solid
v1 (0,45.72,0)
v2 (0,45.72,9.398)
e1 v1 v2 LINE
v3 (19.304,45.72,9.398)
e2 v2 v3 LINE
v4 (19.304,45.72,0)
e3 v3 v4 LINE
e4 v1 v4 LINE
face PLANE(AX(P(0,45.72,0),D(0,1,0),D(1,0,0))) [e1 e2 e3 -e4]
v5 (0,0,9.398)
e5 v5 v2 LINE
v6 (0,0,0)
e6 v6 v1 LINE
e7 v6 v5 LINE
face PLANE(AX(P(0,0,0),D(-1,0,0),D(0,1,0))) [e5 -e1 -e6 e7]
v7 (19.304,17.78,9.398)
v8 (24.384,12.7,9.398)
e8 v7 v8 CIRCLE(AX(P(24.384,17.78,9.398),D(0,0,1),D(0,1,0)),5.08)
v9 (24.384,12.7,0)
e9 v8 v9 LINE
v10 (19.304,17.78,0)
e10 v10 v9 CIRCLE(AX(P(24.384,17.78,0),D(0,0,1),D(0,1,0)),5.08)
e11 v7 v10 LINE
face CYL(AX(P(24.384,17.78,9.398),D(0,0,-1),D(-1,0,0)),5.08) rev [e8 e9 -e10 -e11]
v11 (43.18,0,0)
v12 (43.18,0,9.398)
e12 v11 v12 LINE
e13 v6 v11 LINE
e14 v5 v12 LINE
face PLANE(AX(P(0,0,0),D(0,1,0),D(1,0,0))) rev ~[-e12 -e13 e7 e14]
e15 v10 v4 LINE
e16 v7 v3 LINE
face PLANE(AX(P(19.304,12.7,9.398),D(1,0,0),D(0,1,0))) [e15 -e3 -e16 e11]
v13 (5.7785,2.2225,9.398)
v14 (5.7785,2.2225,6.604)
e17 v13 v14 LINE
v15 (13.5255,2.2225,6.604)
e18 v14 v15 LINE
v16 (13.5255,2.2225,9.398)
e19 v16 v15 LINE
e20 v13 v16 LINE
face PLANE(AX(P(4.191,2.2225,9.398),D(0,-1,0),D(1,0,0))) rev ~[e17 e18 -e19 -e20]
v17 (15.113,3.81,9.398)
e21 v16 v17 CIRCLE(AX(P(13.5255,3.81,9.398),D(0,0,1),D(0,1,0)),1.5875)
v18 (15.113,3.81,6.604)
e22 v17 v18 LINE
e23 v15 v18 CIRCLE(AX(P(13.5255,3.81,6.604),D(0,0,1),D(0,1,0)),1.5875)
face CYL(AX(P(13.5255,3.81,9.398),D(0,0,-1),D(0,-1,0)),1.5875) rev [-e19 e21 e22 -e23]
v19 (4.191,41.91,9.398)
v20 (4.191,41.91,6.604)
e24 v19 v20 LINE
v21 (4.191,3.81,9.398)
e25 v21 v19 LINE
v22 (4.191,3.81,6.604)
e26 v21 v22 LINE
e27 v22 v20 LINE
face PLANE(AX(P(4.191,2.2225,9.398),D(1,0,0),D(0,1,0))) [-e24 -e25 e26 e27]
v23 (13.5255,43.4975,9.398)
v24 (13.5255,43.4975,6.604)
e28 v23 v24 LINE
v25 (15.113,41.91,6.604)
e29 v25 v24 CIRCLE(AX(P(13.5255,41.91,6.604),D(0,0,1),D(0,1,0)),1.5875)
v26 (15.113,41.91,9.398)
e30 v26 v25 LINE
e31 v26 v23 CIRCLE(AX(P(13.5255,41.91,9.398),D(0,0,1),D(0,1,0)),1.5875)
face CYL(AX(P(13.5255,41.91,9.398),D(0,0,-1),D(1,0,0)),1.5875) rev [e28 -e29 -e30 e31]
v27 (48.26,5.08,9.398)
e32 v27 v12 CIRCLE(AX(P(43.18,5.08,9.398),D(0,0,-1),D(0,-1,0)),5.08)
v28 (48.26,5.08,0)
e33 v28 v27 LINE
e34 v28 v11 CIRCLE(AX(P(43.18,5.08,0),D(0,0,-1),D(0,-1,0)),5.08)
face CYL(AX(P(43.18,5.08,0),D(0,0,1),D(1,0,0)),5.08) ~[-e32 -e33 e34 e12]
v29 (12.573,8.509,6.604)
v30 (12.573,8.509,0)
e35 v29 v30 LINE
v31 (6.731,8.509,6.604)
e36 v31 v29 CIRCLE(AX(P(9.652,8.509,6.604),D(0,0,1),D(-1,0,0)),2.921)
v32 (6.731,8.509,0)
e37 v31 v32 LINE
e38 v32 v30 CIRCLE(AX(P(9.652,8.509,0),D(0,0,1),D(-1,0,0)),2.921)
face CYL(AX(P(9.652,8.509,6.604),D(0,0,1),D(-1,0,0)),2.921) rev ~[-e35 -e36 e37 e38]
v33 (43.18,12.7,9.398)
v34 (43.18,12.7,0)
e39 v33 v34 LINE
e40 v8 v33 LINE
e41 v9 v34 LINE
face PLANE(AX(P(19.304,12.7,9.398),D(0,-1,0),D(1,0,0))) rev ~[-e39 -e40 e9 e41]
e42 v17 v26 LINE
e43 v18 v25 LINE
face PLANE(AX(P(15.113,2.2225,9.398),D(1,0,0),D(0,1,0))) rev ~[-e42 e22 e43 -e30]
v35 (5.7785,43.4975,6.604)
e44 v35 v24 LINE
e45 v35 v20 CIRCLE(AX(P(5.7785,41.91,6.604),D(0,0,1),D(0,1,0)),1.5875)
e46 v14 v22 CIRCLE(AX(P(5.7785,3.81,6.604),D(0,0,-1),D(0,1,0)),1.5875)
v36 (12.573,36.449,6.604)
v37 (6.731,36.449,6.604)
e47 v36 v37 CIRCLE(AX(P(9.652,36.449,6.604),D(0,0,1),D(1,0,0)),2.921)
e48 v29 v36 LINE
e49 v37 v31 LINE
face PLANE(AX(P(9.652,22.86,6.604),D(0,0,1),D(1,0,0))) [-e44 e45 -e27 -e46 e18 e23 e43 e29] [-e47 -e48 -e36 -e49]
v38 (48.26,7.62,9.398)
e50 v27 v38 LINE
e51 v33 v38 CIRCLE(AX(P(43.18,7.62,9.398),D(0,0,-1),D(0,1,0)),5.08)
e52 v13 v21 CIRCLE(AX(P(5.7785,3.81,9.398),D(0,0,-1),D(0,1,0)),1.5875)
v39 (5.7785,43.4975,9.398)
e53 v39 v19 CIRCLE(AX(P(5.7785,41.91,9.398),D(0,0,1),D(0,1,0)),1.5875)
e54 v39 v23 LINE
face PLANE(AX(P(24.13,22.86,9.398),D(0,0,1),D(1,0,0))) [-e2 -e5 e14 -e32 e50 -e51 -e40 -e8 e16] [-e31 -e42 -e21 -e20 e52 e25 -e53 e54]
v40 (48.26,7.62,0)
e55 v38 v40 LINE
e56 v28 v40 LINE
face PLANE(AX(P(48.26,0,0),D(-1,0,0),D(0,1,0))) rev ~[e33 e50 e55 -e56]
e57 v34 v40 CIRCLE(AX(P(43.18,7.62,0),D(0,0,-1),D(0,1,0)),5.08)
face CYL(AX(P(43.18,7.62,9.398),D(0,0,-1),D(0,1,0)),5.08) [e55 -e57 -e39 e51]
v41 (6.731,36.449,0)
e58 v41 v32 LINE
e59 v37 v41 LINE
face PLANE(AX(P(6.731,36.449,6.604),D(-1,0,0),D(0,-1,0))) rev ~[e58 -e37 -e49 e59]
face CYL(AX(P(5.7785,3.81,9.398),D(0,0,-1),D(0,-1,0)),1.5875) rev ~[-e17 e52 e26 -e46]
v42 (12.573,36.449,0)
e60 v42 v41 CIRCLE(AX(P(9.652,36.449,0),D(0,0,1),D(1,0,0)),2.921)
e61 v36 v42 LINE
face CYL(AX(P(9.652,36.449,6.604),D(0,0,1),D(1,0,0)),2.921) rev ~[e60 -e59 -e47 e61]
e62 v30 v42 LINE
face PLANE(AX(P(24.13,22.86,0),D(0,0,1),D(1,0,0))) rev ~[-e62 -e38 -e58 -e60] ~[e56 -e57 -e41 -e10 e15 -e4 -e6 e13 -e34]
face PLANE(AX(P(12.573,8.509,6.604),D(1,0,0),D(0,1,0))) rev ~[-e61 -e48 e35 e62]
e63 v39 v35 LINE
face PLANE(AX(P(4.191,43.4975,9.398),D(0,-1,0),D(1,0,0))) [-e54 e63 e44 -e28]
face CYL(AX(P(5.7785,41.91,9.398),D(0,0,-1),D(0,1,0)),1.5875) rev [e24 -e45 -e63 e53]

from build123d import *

# Parameters (mm, degrees)
F0_W     = 48.26
F0_H     = 45.72
F1_DEPTH = 9.398
F2_W     = 28.956
F2_H     = 33.02
F3_DEPTH = 25.4
F4_W     = 10.922
F4_H     = 41.275
F5_DEPTH = 2.794
F7_DEPTH = 6.605
F8_R     = 5.08
F9_R     = 1.5875
F10_R    = 5.08


with BuildPart() as f1:
    # F0 (on Top) → F1 (new body)
    with BuildSketch(Plane.XY):
        with Locations((24.13, 22.86)):
            Rectangle(F0_W, F0_H)
    extrude(amount=F1_DEPTH)

    # F2 (on face) → F3 (cut)
    with BuildSketch(Plane.XY.offset(9.398)):
        with Locations((33.782, 29.21)):
            Rectangle(F2_W, F2_H)
    extrude(amount=-F3_DEPTH, mode=Mode.SUBTRACT)

    # F4 (on face) → F5 (cut)
    with BuildSketch(Plane.XY.offset(9.398)):
        with Locations((9.652, 22.86)):
            Rectangle(F4_W, F4_H)
    extrude(amount=-F5_DEPTH, mode=Mode.SUBTRACT)

    # F6 (on face) → F7 (cut, through all)
    with BuildSketch(Plane.XY.offset(6.604)):
        with BuildLine():
            ThreePointArc((12.573, 36.449), (9.652, 39.37), (6.731, 36.449))
            Line((6.731, 36.449), (6.731, 8.509))
            ThreePointArc((6.731, 8.509), (9.652, 5.588), (12.573, 8.509))
            Line((12.573, 8.509), (12.573, 36.449))
        make_face()
    extrude(amount=-F7_DEPTH, mode=Mode.SUBTRACT)

    # F8
    f8_edges = [f1.edges().sort_by_distance(p)[0] for p in [
        (19.304, 12.7, 4.699),
    ]]
    fillet(f8_edges, radius=F8_R)

    # F9
    f9_edges = [f1.edges().sort_by_distance(p)[0] for p in [
        (4.191, 43.4975, 8.001),
        (4.191, 2.2225, 8.001),
        (15.113, 2.2225, 8.001),
        (15.113, 43.4975, 8.001),
    ]]
    fillet(f9_edges, radius=F9_R)

    # F10
    f10_edges = [f1.edges().sort_by_distance(p)[0] for p in [
        (48.26, 0, 4.699),
        (48.26, 12.7, 4.699),
    ]]
    fillet(f10_edges, radius=F10_R)


solid = f1.part
